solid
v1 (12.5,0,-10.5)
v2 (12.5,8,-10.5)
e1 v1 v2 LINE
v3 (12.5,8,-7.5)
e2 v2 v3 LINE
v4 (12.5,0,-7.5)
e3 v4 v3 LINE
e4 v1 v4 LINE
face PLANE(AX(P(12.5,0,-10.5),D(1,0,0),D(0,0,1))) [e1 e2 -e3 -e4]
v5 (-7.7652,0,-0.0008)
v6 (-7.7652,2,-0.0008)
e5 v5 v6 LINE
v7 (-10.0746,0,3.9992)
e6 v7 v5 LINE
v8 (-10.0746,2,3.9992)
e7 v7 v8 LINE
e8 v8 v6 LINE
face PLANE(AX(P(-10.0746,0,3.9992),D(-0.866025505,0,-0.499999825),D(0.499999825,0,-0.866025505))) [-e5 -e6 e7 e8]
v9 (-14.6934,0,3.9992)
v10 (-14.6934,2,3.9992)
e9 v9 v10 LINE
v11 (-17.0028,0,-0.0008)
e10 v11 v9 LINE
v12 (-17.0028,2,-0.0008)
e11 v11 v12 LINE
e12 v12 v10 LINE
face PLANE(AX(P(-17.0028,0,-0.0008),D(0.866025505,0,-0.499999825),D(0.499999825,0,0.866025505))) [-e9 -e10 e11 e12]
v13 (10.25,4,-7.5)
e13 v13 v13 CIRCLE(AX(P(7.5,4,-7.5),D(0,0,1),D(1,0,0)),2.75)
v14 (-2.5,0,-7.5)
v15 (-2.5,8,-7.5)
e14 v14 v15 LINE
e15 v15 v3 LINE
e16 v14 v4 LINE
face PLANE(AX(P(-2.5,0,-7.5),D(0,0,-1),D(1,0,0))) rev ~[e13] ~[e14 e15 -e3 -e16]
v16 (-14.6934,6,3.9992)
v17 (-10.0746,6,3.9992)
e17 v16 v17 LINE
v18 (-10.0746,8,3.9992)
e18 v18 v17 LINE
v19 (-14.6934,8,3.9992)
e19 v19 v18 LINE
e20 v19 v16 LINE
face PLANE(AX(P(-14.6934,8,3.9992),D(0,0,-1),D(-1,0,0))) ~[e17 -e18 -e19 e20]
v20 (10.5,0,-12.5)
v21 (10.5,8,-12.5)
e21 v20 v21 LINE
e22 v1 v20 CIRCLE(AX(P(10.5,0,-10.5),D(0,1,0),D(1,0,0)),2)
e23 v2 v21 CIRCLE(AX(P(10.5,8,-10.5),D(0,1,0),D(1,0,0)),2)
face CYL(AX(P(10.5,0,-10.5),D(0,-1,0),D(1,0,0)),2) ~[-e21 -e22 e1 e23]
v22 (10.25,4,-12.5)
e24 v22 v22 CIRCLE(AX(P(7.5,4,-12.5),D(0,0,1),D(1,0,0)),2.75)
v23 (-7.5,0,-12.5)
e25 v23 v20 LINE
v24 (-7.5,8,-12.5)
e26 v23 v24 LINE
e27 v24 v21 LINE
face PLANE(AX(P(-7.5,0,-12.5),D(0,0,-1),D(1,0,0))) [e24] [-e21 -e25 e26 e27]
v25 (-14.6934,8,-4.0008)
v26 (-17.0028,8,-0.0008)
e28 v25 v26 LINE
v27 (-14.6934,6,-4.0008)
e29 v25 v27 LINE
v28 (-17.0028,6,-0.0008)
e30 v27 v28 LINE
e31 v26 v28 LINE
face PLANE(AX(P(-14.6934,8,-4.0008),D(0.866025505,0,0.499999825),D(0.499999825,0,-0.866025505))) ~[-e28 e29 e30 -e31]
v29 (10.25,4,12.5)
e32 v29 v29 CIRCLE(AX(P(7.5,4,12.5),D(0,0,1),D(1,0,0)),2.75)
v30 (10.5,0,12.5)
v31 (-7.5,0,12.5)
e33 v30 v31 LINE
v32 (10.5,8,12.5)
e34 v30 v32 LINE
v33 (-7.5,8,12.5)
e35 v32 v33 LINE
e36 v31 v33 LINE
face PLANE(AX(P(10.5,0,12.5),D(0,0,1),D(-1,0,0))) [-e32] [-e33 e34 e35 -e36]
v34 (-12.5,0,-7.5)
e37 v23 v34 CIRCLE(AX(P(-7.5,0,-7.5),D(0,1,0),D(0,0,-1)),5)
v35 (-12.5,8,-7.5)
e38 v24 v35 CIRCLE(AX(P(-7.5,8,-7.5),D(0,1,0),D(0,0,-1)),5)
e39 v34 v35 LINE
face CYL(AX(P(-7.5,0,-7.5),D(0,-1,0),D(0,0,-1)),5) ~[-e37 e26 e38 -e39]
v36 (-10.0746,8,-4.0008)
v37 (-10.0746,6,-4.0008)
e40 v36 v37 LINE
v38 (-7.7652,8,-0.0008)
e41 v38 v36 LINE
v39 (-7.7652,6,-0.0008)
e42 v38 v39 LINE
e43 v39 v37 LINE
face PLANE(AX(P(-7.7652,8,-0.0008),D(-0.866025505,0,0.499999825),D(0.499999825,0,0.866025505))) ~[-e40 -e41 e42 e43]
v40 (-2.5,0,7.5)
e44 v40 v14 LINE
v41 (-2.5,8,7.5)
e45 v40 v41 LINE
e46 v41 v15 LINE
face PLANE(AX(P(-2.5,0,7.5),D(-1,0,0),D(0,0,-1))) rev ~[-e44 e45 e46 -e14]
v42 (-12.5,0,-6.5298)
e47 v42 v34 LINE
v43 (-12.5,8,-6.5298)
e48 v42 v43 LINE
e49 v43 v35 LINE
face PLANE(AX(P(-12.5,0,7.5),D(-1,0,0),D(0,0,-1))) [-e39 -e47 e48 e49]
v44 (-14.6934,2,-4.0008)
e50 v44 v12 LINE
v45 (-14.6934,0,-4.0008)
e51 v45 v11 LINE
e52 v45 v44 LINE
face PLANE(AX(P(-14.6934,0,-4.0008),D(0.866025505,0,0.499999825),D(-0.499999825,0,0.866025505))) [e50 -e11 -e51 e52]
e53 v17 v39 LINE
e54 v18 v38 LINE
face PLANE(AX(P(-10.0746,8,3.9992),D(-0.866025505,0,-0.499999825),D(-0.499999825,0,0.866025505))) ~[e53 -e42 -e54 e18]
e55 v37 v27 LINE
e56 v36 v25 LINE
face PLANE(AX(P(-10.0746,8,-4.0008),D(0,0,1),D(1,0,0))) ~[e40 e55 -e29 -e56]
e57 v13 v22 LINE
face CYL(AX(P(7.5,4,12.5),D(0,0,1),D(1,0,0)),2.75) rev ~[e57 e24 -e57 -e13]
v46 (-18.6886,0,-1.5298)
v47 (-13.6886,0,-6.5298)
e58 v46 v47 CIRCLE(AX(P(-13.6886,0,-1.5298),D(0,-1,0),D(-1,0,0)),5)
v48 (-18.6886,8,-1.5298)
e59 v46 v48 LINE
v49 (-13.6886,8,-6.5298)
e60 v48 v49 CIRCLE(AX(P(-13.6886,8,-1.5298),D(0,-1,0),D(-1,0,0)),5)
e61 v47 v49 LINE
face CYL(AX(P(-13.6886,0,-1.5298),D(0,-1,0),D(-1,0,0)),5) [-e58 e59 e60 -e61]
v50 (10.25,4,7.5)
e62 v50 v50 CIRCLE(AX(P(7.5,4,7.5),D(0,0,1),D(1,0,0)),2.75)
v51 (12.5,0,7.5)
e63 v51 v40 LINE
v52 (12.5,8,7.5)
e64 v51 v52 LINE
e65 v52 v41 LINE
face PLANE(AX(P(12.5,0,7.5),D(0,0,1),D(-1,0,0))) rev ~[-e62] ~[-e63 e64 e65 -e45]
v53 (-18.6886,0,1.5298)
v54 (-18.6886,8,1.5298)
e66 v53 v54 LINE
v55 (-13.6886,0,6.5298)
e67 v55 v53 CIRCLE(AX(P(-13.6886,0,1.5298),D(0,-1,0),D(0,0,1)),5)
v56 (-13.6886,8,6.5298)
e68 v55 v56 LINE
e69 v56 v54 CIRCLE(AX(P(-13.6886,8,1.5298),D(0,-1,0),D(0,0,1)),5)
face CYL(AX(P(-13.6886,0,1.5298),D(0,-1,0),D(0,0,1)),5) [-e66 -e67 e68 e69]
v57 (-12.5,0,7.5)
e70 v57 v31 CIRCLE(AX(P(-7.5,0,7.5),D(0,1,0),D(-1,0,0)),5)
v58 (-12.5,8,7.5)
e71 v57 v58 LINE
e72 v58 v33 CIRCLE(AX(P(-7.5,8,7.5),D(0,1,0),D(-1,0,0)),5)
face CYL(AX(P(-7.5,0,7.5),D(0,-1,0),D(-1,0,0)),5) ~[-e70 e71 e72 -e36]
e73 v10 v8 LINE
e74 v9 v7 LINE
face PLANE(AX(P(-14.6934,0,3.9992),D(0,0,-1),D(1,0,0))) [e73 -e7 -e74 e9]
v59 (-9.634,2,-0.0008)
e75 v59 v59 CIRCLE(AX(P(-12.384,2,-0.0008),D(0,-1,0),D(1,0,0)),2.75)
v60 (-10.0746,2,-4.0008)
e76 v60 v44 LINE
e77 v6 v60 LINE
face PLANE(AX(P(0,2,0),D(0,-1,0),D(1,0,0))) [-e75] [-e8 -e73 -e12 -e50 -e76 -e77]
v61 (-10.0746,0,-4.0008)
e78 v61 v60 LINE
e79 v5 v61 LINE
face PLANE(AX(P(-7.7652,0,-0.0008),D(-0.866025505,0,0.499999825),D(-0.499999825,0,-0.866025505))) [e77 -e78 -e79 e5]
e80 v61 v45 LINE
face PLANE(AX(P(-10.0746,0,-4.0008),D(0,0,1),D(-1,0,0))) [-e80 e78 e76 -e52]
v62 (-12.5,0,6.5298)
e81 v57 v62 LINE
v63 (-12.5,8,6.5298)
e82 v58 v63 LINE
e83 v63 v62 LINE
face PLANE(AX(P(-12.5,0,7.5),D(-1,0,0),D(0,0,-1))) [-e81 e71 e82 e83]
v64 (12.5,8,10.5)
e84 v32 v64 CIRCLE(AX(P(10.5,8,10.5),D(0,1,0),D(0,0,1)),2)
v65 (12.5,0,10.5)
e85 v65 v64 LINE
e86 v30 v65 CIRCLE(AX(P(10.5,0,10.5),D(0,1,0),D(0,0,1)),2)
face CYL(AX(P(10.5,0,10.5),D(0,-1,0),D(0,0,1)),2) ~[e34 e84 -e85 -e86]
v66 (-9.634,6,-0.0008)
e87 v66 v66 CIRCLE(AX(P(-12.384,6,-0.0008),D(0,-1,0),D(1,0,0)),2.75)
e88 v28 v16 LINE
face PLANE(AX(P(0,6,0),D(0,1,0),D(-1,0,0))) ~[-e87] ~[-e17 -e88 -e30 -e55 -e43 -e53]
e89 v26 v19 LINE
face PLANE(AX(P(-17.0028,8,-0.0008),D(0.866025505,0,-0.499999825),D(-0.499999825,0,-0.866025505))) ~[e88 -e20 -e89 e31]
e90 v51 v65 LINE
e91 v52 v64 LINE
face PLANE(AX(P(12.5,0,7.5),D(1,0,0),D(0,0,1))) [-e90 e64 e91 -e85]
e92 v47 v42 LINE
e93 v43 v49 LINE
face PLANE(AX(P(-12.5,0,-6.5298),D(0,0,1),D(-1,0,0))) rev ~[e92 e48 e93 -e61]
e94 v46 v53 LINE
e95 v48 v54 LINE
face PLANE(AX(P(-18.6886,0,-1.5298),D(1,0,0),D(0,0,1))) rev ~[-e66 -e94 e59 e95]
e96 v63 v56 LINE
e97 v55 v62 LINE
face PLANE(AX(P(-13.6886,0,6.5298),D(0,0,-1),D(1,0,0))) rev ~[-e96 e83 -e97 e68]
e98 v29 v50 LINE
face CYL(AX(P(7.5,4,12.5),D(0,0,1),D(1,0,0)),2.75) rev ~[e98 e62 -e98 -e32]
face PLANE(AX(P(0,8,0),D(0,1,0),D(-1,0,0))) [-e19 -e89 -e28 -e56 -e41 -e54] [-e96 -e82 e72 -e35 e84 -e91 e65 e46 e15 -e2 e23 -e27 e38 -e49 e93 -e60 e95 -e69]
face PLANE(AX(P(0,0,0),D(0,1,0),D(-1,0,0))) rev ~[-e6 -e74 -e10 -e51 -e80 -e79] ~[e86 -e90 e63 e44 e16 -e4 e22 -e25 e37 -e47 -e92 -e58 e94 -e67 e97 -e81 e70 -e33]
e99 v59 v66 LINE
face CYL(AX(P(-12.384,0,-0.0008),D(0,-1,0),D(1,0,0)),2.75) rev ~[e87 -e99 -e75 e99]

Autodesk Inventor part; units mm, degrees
ref_plane "YZ Plane" through (0, 0, 0) normal (1, 0, 0) x (0, 1, 0)
ref_plane "XZ Plane" through (0, 0, 0) normal (0, 1, 0) x (-1, 0, 0)
ref_plane "XY Plane" through (0, 0, 0) normal (0, 0, 1) x (1, 0, 0)
sketch "Sketch1" plane through (0, 0, 0) normal (0, 1, 0) x (-1, 0, 0)
  line L0 (-10.5, 12.5) -> (7.5, 12.5)
  line L1 (12.5, 7.5) -> (12.5, -7.5)
  line L2 (7.5, -12.5) -> (-10.5, -12.5)
  line L3 (-12.5, 12.5) -> (12.5, -12.5) construction
  line L4 (12.5, 12.5) -> (-12.5, -12.5) construction
  line L5 (2.5, -7.5) -> (-12.5, -7.5)
  line L6 (-12.5, 7.5) -> (2.5, 7.5)
  line L7 (2.5, 7.5) -> (2.5, -7.5)
  line L8 (2.5, -7.5) -> (-8.1051, -8.1051) construction
  line L9 (1.2546, -1.2546) -> (2.5, 7.5) construction
  line L10 (-12.5, -10.5) -> (-12.5, -7.5)
  line L11 (-12.5, 7.5) -> (-12.5, 10.5)
  arc A0 (12.5, 7.5) -> (7.5, 12.5) centre (7.5, 7.5) ccw
  arc A1 (7.5, -12.5) -> (12.5, -7.5) centre (7.5, -7.5) ccw
  arc A2 (-10.5, 12.5) -> (-12.5, 10.5) centre (-10.5, 10.5) ccw
  arc A3 (-12.5, -10.5) -> (-10.5, -12.5) centre (-10.5, -10.5) ccw
  point P0 (0, 0)
  point P1 (-12.5, -9)
  dimension "d0" = 5
  dimension "d1" = 2
  dimension "d2" = 15
  dimension "d3" = 25
  dimension "d7" = 15
  dimension "d8" = 25
extrude "Extrusion1" add sketch "Sketch1" along normal blind 8
sketch "Sketch2" plane through (-7.5, 0, 12.5) normal (0, 0, 1) x (1, 0, 0)
  circle A0 centre (15, 4) radius 2.75
  line L0 (0, 8) -> (18, 8) projected
  line L1 (18, 0) -> (18, 8) projected
  point P0 (7.5, 0)
  dimension "d9" = 5.5
  dimension "d10" = 4
  dimension "d26" = 3
extrude "Extrusion2" cut sketch "Sketch2" against normal blind 44.5
sketch "Sketch4" plane through (0, 0, 0) normal (0, -1, 0) x (1, 0, 0)
  line L0 (-13.6886, 6.5298) -> (-6.3114, 6.5298)
  line L1 (-6.3114, 6.5298) -> (-6.3114, -6.5298)
  line L2 (-6.3114, -6.5298) -> (-13.6886, -6.5298)
  line L3 (-18.6886, -1.5298) -> (-18.6886, 1.5298)
  line L4 (-12.5, -7.5) -> (-12.5, 7.5) projected
  line L5 (-18.6886, 6.5298) -> (-6.3114, -6.5298) construction
  line L6 (-6.3114, 6.5298) -> (-18.6886, -6.5298) construction
  arc A0 (-18.6886, -1.5298) -> (-13.6886, -6.5298) centre (-13.6886, -1.5298) ccw
  arc A1 (-13.6886, 6.5298) -> (-18.6886, 1.5298) centre (-13.6886, 1.5298) ccw
  point P0 (0, 0)
  point P1 (-12.5, 0)
  dimension "d13" = 5
extrude "Extrusion3" add sketch "Sketch4" against normal blind 8
sketch "Sketch5" plane through (0, 0, 0) normal (0, -1, 0) x (1, 0, 0)
  line L0 (-10.0746, -4.0008) -> (-14.6934, -4.0008)
  line L1 (-14.6934, -4.0008) -> (-17.0028, -0.0008)
  line L2 (-17.0028, -0.0008) -> (-14.6934, 3.9992)
  line L3 (-14.6934, 3.9992) -> (-10.0746, 3.9992)
  line L4 (-10.0746, 3.9992) -> (-7.7652, -0.0008)
  line L5 (-7.7652, -0.0008) -> (-10.0746, -4.0008)
  line L6 (-7.5, 12.5) -> (10.5, 12.5) projected
  circle A0 centre (-12.384, -0.0008) radius 2.75
  point P0 (0, 0)
  dimension "d16" = 8
  dimension "d17" = 5.5
extrude "Extrusion4" cut sketch "Sketch5" against normal blind 8 contours A0
sketch "Sketch7" plane through (0, 0, 0) normal (0, -1, 0) x (1, 0, 0)
  circle A0 centre (-12.384, -0.0008) radius 2.75 projected
  line L0 (-7.7652, -0.0008) -> (-10.0746, -4.0008)
  line L1 (-10.0746, -4.0008) -> (-14.6934, -4.0008)
  line L2 (-14.6934, -4.0008) -> (-17.0028, -0.0008)
  line L3 (-17.0028, -0.0008) -> (-14.6934, 3.9992)
  line L4 (-14.6934, 3.9992) -> (-10.0746, 3.9992)
  line L5 (-10.0746, 3.9992) -> (-7.7652, -0.0008)
  line L6 (-7.5, 12.5) -> (10.5, 12.5) projected
  point P0 (0, 0)
  point P1 (-12.384, 3.9992)
  dimension "d22" = 8
extrude "Extrusion5" cut sketch "Sketch7" against normal blind 2 contours A0 | L0 L1 L2 L3 L4 L5
ref_plane "Work Plane1" through (0, 4, 0) normal (0, -1, 0) x (1, 0, 0)
mirror "Mirror1" about plane through (0, 4, 0) normal (0, -1, 0) of "Extrusion5"
properties part number "J1"
